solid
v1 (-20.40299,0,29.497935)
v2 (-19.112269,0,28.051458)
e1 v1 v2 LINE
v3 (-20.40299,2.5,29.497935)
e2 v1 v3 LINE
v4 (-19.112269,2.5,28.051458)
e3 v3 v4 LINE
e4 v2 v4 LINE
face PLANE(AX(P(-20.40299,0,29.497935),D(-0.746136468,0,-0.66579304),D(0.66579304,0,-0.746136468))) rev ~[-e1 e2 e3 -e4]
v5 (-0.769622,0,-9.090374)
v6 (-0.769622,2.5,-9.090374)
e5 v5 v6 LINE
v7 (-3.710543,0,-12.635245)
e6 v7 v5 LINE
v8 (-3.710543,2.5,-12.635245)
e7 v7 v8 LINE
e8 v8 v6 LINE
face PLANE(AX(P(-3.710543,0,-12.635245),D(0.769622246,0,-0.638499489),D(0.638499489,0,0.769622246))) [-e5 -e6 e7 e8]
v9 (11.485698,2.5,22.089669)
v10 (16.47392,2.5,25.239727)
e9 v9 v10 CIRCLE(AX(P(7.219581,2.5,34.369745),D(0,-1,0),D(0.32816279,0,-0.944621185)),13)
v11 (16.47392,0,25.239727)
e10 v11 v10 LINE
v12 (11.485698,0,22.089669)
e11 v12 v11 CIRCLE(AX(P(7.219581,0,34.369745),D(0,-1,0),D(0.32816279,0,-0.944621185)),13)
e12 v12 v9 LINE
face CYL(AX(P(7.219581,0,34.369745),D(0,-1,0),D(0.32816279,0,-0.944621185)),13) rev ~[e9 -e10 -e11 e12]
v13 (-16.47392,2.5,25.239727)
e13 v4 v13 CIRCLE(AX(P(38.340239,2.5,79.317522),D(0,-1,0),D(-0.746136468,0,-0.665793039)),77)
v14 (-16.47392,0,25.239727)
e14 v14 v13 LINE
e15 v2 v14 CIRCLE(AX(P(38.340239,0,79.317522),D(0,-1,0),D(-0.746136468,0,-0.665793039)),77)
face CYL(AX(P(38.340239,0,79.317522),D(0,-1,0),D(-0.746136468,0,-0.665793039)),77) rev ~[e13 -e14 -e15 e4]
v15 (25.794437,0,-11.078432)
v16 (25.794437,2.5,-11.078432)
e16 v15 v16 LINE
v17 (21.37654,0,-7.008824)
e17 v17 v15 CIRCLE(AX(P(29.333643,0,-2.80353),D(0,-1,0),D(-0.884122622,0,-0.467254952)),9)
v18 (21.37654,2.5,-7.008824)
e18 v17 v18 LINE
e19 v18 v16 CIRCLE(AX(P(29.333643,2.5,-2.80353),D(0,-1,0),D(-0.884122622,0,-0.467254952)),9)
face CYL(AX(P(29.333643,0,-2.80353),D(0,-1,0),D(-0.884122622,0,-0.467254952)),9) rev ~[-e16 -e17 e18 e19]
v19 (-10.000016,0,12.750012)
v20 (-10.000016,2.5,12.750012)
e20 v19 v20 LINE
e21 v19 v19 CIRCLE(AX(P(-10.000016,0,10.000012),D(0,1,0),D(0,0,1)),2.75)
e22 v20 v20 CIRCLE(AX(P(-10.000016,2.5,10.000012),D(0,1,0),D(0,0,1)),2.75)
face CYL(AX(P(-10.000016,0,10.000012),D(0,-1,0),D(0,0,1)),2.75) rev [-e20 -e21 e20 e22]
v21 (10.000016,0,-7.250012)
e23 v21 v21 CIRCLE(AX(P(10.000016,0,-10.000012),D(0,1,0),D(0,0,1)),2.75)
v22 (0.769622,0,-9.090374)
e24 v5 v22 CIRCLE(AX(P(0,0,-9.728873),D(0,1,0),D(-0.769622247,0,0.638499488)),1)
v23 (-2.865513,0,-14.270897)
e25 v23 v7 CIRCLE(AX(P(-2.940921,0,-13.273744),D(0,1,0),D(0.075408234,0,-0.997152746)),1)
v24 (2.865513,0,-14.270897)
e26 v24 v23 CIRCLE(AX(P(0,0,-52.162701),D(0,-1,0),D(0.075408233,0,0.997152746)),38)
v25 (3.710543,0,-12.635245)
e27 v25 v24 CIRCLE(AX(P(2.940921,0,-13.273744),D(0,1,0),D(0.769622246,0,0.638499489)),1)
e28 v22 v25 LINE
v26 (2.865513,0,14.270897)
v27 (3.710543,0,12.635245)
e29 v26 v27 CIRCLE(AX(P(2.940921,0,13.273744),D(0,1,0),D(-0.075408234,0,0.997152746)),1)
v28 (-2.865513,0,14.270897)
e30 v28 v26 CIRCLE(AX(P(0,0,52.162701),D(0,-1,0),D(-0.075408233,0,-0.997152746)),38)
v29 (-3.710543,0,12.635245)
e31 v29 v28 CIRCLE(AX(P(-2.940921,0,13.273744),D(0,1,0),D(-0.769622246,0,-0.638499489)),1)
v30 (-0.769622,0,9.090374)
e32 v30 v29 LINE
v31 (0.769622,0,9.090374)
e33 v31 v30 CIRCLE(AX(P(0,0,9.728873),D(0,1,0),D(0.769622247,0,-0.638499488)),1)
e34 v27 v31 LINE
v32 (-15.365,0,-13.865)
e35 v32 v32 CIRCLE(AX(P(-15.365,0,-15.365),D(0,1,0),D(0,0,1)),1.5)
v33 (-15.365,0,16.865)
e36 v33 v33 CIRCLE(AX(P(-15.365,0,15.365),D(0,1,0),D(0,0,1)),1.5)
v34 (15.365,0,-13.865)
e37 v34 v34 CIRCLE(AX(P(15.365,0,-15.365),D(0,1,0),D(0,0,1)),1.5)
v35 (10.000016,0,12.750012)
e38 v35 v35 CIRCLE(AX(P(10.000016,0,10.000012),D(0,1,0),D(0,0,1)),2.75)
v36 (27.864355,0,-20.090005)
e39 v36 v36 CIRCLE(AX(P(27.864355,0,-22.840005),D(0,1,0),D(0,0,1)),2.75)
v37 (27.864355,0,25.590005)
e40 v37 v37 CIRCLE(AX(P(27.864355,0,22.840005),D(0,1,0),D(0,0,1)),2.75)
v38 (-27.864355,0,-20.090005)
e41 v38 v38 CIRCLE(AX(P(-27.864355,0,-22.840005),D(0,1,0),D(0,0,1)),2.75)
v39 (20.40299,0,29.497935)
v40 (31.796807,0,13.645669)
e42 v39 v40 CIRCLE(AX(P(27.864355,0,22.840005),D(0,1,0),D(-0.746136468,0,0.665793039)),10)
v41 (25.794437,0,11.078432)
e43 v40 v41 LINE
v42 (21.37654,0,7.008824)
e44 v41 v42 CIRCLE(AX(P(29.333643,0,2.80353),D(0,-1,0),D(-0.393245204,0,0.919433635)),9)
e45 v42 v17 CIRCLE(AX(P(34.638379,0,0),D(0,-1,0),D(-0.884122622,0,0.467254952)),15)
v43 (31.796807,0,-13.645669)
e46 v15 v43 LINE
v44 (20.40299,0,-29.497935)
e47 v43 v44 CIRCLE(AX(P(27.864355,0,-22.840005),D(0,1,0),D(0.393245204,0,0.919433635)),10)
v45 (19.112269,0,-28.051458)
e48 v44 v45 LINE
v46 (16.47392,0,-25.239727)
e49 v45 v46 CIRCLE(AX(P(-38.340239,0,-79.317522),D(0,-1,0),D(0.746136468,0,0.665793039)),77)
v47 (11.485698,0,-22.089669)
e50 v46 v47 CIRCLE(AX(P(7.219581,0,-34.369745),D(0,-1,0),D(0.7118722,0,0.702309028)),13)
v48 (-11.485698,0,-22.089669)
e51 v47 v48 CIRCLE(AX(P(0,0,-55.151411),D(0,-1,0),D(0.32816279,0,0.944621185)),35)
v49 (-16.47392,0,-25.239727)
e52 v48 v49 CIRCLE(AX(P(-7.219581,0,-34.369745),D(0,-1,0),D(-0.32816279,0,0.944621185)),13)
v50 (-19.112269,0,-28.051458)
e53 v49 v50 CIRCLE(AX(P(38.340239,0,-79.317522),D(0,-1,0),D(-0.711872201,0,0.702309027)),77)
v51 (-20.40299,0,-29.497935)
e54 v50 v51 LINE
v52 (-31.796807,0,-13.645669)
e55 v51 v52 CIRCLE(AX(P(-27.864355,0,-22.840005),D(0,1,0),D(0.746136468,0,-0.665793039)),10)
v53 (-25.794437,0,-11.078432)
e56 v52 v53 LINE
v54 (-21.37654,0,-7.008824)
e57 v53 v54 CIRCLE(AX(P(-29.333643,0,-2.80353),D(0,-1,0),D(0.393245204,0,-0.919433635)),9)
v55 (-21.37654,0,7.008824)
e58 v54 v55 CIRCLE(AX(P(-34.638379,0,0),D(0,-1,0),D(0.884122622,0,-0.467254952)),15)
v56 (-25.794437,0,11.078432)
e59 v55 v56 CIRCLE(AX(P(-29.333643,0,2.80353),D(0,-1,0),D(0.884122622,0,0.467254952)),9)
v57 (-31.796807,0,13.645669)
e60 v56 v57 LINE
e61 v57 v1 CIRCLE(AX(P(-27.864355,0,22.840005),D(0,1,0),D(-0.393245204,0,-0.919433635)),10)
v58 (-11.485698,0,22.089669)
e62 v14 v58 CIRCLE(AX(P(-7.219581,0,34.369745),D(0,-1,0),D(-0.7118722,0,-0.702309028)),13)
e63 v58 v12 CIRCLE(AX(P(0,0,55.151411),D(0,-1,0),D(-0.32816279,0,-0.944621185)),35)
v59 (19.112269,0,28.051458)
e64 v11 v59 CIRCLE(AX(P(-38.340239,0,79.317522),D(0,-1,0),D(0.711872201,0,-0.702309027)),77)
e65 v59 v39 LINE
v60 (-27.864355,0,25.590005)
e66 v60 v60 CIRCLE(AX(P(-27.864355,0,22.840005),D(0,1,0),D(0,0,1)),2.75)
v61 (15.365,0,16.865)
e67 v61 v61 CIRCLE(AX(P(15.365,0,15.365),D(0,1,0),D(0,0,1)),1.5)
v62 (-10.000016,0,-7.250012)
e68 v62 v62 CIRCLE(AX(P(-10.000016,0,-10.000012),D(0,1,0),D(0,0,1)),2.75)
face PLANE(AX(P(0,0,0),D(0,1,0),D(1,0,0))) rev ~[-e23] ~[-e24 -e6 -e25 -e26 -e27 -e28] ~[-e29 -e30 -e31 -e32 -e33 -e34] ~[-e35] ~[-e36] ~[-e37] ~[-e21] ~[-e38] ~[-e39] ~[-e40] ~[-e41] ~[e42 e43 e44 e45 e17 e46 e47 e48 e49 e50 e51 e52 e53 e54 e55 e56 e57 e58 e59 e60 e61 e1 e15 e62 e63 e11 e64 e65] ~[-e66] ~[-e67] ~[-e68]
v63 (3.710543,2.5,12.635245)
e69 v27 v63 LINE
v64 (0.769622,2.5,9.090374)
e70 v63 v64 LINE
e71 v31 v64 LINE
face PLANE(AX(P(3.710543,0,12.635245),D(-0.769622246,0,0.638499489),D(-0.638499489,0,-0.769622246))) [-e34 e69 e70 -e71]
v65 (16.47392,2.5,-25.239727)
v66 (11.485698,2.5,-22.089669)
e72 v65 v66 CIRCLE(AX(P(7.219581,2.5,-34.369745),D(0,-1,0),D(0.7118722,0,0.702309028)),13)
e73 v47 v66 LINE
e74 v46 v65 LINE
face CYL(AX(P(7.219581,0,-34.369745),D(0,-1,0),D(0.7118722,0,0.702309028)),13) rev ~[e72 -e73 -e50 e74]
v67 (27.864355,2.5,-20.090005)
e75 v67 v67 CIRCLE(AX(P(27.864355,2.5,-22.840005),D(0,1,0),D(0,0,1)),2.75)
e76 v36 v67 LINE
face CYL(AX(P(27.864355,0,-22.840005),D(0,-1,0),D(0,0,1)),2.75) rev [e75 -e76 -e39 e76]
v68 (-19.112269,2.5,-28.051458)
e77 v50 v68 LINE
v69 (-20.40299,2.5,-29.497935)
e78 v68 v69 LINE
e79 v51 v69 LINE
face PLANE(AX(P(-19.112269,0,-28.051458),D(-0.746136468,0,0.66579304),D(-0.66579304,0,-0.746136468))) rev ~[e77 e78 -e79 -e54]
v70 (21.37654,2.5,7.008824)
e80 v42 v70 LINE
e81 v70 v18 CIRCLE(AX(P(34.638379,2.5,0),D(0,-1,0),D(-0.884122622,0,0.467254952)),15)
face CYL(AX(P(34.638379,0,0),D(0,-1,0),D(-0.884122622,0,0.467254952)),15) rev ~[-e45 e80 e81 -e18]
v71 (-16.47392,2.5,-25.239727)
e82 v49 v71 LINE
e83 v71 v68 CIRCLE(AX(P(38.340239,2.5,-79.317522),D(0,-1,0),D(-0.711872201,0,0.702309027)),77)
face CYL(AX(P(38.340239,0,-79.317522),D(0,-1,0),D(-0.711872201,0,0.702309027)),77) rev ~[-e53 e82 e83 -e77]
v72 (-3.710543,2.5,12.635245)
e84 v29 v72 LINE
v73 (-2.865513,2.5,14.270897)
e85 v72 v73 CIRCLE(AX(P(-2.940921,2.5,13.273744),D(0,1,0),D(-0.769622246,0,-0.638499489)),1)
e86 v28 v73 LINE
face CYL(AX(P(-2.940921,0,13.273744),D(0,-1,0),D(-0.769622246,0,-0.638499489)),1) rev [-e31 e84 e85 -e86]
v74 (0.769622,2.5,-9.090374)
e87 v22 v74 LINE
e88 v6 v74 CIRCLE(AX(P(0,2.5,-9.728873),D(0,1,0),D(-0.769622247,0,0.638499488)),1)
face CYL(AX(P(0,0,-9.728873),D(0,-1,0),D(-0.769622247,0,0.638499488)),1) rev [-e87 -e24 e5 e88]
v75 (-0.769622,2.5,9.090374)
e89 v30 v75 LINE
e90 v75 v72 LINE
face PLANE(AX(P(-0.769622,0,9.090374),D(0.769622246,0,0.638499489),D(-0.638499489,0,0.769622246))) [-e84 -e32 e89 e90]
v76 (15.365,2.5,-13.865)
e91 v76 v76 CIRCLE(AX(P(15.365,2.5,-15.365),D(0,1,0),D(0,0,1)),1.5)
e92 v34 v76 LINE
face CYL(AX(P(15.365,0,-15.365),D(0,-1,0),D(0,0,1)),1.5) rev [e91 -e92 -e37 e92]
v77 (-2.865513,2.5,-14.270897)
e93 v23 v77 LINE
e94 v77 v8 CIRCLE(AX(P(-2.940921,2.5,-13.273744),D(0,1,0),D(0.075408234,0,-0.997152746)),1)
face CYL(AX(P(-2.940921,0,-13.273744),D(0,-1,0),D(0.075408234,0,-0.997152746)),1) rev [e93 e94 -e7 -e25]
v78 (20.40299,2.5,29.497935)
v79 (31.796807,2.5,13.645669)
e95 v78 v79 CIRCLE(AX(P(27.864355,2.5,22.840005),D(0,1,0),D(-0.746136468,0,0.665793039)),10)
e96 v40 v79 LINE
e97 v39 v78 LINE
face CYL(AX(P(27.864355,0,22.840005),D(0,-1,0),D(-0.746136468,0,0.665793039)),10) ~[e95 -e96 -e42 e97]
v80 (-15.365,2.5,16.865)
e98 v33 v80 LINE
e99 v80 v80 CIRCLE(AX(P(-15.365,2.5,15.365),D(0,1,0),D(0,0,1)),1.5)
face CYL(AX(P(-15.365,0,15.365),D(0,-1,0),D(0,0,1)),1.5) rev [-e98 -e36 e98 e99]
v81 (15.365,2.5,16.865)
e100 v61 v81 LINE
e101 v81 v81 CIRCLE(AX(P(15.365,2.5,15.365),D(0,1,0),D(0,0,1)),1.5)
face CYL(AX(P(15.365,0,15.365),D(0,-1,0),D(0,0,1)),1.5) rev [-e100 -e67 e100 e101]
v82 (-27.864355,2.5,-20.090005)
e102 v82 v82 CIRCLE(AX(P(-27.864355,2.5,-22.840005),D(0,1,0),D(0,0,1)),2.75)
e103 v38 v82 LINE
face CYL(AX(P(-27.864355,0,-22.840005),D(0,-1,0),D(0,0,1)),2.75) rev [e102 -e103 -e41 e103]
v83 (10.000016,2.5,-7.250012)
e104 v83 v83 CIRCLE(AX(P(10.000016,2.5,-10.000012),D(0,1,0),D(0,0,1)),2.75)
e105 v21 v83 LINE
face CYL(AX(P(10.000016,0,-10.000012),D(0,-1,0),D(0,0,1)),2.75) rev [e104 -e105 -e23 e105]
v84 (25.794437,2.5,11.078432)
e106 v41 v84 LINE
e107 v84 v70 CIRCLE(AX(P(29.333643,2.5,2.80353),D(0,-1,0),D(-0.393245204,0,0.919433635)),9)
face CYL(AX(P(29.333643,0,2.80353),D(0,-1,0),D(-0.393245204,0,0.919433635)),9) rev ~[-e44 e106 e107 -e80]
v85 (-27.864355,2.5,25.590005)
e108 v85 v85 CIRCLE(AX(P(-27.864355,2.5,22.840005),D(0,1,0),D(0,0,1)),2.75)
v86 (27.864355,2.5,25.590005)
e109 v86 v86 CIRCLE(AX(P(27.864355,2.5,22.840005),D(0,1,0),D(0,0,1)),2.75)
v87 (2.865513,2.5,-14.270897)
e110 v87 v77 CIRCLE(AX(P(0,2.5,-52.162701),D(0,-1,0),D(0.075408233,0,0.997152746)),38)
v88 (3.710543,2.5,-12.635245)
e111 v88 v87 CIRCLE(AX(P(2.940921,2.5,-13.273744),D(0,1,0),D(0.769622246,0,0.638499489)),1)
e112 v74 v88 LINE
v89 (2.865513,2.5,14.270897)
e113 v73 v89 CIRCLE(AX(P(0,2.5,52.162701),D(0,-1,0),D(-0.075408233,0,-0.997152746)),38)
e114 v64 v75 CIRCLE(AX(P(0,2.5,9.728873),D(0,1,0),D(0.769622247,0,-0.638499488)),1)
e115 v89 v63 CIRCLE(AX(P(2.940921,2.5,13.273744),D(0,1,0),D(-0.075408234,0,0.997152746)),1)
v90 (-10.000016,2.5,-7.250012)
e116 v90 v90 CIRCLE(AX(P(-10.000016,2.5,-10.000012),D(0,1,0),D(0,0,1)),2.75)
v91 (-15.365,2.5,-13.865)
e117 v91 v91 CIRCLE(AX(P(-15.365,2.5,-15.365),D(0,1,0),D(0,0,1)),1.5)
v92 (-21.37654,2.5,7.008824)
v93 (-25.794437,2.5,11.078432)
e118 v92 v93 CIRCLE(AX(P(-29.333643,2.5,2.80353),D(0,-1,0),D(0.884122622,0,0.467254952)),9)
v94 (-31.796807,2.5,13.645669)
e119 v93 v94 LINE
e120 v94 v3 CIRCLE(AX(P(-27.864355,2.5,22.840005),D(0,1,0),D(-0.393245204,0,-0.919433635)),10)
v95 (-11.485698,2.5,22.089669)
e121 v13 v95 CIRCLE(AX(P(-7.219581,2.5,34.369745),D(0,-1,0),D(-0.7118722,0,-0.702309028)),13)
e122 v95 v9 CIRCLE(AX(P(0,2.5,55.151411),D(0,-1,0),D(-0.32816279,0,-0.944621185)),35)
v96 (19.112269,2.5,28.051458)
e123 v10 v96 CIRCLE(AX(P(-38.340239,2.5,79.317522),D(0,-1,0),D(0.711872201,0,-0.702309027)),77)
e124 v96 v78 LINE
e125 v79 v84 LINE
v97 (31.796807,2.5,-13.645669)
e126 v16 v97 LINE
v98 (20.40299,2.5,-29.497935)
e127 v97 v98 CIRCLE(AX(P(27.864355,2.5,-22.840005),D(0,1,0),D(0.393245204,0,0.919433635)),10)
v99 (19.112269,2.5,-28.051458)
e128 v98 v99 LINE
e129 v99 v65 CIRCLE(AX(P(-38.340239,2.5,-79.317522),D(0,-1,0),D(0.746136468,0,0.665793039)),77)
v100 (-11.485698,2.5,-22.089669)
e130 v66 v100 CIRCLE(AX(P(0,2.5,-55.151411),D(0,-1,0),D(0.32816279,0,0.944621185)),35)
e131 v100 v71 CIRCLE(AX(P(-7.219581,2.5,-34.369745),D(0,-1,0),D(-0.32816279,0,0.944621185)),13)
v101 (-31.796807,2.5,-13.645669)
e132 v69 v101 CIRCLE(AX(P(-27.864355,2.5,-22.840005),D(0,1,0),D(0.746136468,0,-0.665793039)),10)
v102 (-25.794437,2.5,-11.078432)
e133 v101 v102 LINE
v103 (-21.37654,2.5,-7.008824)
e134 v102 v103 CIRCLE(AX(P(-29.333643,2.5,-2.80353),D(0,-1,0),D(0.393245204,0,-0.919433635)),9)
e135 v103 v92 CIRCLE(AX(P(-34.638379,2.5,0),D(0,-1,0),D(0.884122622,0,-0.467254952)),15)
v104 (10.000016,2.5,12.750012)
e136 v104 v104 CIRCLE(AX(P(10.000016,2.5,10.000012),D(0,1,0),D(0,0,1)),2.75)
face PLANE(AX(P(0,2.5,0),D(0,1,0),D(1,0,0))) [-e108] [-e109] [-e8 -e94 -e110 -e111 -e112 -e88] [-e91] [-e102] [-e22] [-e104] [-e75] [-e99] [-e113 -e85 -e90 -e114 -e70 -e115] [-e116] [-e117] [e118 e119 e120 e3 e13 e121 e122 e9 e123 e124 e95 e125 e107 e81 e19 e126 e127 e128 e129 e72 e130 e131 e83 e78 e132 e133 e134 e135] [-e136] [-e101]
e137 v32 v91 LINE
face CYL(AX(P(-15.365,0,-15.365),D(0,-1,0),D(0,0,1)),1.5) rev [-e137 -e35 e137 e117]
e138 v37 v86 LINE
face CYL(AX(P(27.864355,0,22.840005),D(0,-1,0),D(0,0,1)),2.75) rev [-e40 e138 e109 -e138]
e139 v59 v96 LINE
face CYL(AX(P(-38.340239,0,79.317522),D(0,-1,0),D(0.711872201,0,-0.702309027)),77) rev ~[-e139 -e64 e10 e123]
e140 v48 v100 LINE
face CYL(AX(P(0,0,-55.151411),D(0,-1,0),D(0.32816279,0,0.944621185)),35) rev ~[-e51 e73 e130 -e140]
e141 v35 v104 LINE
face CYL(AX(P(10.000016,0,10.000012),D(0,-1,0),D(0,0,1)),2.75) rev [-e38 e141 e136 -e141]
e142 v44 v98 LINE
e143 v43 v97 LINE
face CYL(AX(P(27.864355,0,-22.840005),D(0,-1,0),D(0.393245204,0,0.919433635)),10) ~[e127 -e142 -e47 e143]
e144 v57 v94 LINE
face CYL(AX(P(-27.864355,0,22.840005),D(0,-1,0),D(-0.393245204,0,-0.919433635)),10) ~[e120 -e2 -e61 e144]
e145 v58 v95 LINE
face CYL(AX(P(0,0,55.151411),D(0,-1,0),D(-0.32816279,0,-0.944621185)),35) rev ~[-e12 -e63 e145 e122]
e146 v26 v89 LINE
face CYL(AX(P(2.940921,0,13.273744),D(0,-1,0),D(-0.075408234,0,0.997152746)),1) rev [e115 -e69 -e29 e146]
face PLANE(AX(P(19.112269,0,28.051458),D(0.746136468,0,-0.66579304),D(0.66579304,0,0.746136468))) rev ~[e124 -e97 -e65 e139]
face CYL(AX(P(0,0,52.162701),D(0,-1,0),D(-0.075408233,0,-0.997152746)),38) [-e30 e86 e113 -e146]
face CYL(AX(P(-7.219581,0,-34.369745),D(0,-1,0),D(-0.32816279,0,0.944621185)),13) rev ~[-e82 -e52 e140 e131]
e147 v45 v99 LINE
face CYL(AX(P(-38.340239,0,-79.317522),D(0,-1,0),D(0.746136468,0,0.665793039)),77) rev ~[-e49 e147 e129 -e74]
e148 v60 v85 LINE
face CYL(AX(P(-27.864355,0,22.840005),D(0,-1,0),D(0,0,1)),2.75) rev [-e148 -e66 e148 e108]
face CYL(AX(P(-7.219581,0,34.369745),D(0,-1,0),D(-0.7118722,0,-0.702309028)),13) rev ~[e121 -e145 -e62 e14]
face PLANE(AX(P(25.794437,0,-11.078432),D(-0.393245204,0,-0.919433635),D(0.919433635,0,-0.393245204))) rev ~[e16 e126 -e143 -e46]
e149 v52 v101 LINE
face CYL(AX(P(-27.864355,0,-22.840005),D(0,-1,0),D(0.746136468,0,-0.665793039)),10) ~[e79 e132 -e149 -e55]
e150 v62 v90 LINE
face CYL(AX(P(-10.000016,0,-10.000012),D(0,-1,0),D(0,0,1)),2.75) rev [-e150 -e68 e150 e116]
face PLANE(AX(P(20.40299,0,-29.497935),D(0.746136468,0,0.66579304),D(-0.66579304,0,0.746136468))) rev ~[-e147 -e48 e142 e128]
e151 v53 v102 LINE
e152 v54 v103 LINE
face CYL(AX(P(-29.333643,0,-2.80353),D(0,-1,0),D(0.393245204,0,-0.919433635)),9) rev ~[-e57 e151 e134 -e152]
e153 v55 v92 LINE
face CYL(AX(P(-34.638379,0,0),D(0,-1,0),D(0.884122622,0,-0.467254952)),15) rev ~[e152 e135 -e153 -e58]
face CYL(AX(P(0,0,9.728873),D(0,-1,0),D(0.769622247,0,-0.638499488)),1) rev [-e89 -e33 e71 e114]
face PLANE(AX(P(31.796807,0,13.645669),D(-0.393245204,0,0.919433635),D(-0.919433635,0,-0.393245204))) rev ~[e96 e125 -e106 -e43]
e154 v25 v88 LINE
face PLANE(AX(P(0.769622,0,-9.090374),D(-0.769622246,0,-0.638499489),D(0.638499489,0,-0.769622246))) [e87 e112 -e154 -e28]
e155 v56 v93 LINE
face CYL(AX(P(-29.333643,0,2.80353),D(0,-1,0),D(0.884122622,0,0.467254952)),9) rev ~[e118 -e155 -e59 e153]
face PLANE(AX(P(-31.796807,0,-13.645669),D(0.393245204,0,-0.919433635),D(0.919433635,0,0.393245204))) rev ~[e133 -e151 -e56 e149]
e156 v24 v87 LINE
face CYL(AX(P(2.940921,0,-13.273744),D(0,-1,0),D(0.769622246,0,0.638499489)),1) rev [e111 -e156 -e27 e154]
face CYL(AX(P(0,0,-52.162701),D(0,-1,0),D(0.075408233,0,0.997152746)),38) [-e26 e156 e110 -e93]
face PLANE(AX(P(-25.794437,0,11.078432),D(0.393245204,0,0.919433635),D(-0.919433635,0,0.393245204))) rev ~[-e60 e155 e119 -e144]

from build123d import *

# Parameters (mm, degrees)
SKETCH2_R           = 1.5
SKETCH2_R_2         = 2.75
BOSS_EXTRUDE1_DEPTH = 2.5


with BuildPart() as part:
    # Sketch2 → Boss-Extrude1 (new body)
    with BuildSketch(Plane(origin=(0, 0, 0), x_dir=(1, 0, 0), z_dir=(0, 1, 0))):
        with BuildLine():
            Line((-20.402989885, -29.497935256), (-19.112268572, -28.051458372))
            ThreePointArc((-19.112268572, -28.051458372), (-17.810696545, -26.629075982), (-16.473919979, -25.239727278))
            ThreePointArc((-16.473919979, -25.239727278), (-14.160863056, -23.377992793), (-11.485697638, -22.089669229))
            ThreePointArc((-11.485697638, -22.089669229), (0, -20.15141071), (11.485697638, -22.089669229))
            ThreePointArc((11.485697638, -22.089669229), (14.160863056, -23.377992793), (16.473919979, -25.239727278))
            ThreePointArc((16.473919979, -25.239727278), (17.810696545, -26.629075982), (19.112268572, -28.051458372))
            Line((19.112268572, -28.051458372), (20.402989885, -29.497935256))
            ThreePointArc((20.402989885, -29.497935256), (35.984508278, -28.676365345), (31.796806607, -13.645668513))
            Line((31.796806607, -13.645668513), (25.794436634, -11.078432427))
            ThreePointArc((25.794436634, -11.078432427), (23.235962273, -9.423067761), (21.376539879, -7.008824278))
            ThreePointArc((21.376539879, -7.008824278), (19.638379202, 0), (21.376539879, 7.008824278))
            ThreePointArc((21.376539879, 7.008824278), (23.235962273, 9.423067761), (25.794436634, 11.078432427))
            Line((25.794436634, 11.078432427), (31.796806607, 13.645668513))
            ThreePointArc((31.796806607, 13.645668513), (35.984508278, 28.676365345), (20.402989885, 29.497935256))
            Line((20.402989885, 29.497935256), (19.112268572, 28.051458372))
            ThreePointArc((19.112268572, 28.051458372), (17.810696545, 26.629075982), (16.473919979, 25.239727278))
            ThreePointArc((16.473919979, 25.239727278), (14.160863056, 23.377992793), (11.485697638, 22.089669229))
            ThreePointArc((11.485697638, 22.089669229), (0, 20.15141071), (-11.485697638, 22.089669229))
            ThreePointArc((-11.485697638, 22.089669229), (-14.160863056, 23.377992793), (-16.473919979, 25.239727278))
            ThreePointArc((-16.473919979, 25.239727278), (-17.810696545, 26.629075982), (-19.112268572, 28.051458372))
            Line((-19.112268572, 28.051458372), (-20.402989885, 29.497935256))
            ThreePointArc((-20.402989885, 29.497935256), (-35.984508278, 28.676365345), (-31.796806607, 13.645668513))
            Line((-31.796806607, 13.645668513), (-25.794436634, 11.078432427))
            ThreePointArc((-25.794436634, 11.078432427), (-23.235962273, 9.423067761), (-21.376539879, 7.008824278))
            ThreePointArc((-21.376539879, 7.008824278), (-19.638379202, 0), (-21.376539879, -7.008824278))
            ThreePointArc((-21.376539879, -7.008824278), (-23.235962273, -9.423067761), (-25.794436634, -11.078432427))
            Line((-25.794436634, -11.078432427), (-31.796806607, -13.645668513))
            ThreePointArc((-31.796806607, -13.645668513), (-35.984508278, -28.676365345), (-20.402989885, -29.497935256))
        make_face()
        with Locations(Location((15.365, -15.365, 0), (0, 0, 270))):
            Circle(SKETCH2_R, mode=Mode.SUBTRACT)
        with Locations(Location((27.864354565, 22.840004863, 0), (0, 0, 270))):
            Circle(SKETCH2_R_2, mode=Mode.SUBTRACT)
        with Locations(Location((-15.365, 15.365, 0), (0, 0, 270))):
            Circle(SKETCH2_R, mode=Mode.SUBTRACT)
        with Locations(Location((15.365, 15.365, 0), (0, 0, 270))):
            Circle(SKETCH2_R, mode=Mode.SUBTRACT)
        with Locations(Location((-15.365, -15.365, 0), (0, 0, 270))):
            Circle(SKETCH2_R, mode=Mode.SUBTRACT)
        with Locations(Location((27.864354565, -22.840004863, 0), (0, 0, 270))):
            Circle(SKETCH2_R_2, mode=Mode.SUBTRACT)
        with Locations(Location((10.000016395, -10.000011804, 0), (0, 0, 270))):
            Circle(SKETCH2_R_2, mode=Mode.SUBTRACT)
        with Locations(Location((-27.864354565, 22.840004863, 0), (0, 0, 270))):
            Circle(SKETCH2_R_2, mode=Mode.SUBTRACT)
        with Locations(Location((-27.864354565, -22.840004863, 0), (0, 0, 270))):
            Circle(SKETCH2_R_2, mode=Mode.SUBTRACT)
        with Locations(Location((-10.000016395, -10.000011804, 0), (0, 0, 270))):
            Circle(SKETCH2_R_2, mode=Mode.SUBTRACT)
        with Locations(Location((-10.000016395, 10.000011804, 0), (0, 0, 270))):
            Circle(SKETCH2_R_2, mode=Mode.SUBTRACT)
        with Locations(Location((10.000016395, 10.000011804, 0), (0, 0, 270))):
            Circle(SKETCH2_R_2, mode=Mode.SUBTRACT)
        with BuildLine():
            Line((3.71054333, -12.635244665), (0.769622246, -9.090373716))
            ThreePointArc((0.769622246, -9.090373716), (0, -8.728873205), (-0.769622246, -9.090373716))
            Line((-0.769622246, -9.090373716), (-3.71054333, -12.635244665))
            ThreePointArc((-3.71054333, -12.635244665), (-3.829359507, -13.73273998), (-2.865512851, -14.2708969))
            ThreePointArc((-2.865512851, -14.2708969), (0, -14.16270124), (2.865512851, -14.2708969))
            ThreePointArc((2.865512851, -14.2708969), (3.829359508, -13.73273998), (3.71054333, -12.635244665))
        make_face(mode=Mode.SUBTRACT)
        with BuildLine():
            Line((-3.71054333, 12.635244665), (-0.769622246, 9.090373716))
            ThreePointArc((-0.769622246, 9.090373716), (0, 8.728873205), (0.769622246, 9.090373716))
            Line((0.769622246, 9.090373716), (3.71054333, 12.635244665))
            ThreePointArc((3.71054333, 12.635244665), (3.829359507, 13.73273998), (2.865512851, 14.2708969))
            ThreePointArc((2.865512851, 14.2708969), (0, 14.16270124), (-2.865512851, 14.2708969))
            ThreePointArc((-2.865512851, 14.2708969), (-3.829359508, 13.73273998), (-3.71054333, 12.635244665))
        make_face(mode=Mode.SUBTRACT)
    extrude(amount=BOSS_EXTRUDE1_DEPTH)


solid = part.part
